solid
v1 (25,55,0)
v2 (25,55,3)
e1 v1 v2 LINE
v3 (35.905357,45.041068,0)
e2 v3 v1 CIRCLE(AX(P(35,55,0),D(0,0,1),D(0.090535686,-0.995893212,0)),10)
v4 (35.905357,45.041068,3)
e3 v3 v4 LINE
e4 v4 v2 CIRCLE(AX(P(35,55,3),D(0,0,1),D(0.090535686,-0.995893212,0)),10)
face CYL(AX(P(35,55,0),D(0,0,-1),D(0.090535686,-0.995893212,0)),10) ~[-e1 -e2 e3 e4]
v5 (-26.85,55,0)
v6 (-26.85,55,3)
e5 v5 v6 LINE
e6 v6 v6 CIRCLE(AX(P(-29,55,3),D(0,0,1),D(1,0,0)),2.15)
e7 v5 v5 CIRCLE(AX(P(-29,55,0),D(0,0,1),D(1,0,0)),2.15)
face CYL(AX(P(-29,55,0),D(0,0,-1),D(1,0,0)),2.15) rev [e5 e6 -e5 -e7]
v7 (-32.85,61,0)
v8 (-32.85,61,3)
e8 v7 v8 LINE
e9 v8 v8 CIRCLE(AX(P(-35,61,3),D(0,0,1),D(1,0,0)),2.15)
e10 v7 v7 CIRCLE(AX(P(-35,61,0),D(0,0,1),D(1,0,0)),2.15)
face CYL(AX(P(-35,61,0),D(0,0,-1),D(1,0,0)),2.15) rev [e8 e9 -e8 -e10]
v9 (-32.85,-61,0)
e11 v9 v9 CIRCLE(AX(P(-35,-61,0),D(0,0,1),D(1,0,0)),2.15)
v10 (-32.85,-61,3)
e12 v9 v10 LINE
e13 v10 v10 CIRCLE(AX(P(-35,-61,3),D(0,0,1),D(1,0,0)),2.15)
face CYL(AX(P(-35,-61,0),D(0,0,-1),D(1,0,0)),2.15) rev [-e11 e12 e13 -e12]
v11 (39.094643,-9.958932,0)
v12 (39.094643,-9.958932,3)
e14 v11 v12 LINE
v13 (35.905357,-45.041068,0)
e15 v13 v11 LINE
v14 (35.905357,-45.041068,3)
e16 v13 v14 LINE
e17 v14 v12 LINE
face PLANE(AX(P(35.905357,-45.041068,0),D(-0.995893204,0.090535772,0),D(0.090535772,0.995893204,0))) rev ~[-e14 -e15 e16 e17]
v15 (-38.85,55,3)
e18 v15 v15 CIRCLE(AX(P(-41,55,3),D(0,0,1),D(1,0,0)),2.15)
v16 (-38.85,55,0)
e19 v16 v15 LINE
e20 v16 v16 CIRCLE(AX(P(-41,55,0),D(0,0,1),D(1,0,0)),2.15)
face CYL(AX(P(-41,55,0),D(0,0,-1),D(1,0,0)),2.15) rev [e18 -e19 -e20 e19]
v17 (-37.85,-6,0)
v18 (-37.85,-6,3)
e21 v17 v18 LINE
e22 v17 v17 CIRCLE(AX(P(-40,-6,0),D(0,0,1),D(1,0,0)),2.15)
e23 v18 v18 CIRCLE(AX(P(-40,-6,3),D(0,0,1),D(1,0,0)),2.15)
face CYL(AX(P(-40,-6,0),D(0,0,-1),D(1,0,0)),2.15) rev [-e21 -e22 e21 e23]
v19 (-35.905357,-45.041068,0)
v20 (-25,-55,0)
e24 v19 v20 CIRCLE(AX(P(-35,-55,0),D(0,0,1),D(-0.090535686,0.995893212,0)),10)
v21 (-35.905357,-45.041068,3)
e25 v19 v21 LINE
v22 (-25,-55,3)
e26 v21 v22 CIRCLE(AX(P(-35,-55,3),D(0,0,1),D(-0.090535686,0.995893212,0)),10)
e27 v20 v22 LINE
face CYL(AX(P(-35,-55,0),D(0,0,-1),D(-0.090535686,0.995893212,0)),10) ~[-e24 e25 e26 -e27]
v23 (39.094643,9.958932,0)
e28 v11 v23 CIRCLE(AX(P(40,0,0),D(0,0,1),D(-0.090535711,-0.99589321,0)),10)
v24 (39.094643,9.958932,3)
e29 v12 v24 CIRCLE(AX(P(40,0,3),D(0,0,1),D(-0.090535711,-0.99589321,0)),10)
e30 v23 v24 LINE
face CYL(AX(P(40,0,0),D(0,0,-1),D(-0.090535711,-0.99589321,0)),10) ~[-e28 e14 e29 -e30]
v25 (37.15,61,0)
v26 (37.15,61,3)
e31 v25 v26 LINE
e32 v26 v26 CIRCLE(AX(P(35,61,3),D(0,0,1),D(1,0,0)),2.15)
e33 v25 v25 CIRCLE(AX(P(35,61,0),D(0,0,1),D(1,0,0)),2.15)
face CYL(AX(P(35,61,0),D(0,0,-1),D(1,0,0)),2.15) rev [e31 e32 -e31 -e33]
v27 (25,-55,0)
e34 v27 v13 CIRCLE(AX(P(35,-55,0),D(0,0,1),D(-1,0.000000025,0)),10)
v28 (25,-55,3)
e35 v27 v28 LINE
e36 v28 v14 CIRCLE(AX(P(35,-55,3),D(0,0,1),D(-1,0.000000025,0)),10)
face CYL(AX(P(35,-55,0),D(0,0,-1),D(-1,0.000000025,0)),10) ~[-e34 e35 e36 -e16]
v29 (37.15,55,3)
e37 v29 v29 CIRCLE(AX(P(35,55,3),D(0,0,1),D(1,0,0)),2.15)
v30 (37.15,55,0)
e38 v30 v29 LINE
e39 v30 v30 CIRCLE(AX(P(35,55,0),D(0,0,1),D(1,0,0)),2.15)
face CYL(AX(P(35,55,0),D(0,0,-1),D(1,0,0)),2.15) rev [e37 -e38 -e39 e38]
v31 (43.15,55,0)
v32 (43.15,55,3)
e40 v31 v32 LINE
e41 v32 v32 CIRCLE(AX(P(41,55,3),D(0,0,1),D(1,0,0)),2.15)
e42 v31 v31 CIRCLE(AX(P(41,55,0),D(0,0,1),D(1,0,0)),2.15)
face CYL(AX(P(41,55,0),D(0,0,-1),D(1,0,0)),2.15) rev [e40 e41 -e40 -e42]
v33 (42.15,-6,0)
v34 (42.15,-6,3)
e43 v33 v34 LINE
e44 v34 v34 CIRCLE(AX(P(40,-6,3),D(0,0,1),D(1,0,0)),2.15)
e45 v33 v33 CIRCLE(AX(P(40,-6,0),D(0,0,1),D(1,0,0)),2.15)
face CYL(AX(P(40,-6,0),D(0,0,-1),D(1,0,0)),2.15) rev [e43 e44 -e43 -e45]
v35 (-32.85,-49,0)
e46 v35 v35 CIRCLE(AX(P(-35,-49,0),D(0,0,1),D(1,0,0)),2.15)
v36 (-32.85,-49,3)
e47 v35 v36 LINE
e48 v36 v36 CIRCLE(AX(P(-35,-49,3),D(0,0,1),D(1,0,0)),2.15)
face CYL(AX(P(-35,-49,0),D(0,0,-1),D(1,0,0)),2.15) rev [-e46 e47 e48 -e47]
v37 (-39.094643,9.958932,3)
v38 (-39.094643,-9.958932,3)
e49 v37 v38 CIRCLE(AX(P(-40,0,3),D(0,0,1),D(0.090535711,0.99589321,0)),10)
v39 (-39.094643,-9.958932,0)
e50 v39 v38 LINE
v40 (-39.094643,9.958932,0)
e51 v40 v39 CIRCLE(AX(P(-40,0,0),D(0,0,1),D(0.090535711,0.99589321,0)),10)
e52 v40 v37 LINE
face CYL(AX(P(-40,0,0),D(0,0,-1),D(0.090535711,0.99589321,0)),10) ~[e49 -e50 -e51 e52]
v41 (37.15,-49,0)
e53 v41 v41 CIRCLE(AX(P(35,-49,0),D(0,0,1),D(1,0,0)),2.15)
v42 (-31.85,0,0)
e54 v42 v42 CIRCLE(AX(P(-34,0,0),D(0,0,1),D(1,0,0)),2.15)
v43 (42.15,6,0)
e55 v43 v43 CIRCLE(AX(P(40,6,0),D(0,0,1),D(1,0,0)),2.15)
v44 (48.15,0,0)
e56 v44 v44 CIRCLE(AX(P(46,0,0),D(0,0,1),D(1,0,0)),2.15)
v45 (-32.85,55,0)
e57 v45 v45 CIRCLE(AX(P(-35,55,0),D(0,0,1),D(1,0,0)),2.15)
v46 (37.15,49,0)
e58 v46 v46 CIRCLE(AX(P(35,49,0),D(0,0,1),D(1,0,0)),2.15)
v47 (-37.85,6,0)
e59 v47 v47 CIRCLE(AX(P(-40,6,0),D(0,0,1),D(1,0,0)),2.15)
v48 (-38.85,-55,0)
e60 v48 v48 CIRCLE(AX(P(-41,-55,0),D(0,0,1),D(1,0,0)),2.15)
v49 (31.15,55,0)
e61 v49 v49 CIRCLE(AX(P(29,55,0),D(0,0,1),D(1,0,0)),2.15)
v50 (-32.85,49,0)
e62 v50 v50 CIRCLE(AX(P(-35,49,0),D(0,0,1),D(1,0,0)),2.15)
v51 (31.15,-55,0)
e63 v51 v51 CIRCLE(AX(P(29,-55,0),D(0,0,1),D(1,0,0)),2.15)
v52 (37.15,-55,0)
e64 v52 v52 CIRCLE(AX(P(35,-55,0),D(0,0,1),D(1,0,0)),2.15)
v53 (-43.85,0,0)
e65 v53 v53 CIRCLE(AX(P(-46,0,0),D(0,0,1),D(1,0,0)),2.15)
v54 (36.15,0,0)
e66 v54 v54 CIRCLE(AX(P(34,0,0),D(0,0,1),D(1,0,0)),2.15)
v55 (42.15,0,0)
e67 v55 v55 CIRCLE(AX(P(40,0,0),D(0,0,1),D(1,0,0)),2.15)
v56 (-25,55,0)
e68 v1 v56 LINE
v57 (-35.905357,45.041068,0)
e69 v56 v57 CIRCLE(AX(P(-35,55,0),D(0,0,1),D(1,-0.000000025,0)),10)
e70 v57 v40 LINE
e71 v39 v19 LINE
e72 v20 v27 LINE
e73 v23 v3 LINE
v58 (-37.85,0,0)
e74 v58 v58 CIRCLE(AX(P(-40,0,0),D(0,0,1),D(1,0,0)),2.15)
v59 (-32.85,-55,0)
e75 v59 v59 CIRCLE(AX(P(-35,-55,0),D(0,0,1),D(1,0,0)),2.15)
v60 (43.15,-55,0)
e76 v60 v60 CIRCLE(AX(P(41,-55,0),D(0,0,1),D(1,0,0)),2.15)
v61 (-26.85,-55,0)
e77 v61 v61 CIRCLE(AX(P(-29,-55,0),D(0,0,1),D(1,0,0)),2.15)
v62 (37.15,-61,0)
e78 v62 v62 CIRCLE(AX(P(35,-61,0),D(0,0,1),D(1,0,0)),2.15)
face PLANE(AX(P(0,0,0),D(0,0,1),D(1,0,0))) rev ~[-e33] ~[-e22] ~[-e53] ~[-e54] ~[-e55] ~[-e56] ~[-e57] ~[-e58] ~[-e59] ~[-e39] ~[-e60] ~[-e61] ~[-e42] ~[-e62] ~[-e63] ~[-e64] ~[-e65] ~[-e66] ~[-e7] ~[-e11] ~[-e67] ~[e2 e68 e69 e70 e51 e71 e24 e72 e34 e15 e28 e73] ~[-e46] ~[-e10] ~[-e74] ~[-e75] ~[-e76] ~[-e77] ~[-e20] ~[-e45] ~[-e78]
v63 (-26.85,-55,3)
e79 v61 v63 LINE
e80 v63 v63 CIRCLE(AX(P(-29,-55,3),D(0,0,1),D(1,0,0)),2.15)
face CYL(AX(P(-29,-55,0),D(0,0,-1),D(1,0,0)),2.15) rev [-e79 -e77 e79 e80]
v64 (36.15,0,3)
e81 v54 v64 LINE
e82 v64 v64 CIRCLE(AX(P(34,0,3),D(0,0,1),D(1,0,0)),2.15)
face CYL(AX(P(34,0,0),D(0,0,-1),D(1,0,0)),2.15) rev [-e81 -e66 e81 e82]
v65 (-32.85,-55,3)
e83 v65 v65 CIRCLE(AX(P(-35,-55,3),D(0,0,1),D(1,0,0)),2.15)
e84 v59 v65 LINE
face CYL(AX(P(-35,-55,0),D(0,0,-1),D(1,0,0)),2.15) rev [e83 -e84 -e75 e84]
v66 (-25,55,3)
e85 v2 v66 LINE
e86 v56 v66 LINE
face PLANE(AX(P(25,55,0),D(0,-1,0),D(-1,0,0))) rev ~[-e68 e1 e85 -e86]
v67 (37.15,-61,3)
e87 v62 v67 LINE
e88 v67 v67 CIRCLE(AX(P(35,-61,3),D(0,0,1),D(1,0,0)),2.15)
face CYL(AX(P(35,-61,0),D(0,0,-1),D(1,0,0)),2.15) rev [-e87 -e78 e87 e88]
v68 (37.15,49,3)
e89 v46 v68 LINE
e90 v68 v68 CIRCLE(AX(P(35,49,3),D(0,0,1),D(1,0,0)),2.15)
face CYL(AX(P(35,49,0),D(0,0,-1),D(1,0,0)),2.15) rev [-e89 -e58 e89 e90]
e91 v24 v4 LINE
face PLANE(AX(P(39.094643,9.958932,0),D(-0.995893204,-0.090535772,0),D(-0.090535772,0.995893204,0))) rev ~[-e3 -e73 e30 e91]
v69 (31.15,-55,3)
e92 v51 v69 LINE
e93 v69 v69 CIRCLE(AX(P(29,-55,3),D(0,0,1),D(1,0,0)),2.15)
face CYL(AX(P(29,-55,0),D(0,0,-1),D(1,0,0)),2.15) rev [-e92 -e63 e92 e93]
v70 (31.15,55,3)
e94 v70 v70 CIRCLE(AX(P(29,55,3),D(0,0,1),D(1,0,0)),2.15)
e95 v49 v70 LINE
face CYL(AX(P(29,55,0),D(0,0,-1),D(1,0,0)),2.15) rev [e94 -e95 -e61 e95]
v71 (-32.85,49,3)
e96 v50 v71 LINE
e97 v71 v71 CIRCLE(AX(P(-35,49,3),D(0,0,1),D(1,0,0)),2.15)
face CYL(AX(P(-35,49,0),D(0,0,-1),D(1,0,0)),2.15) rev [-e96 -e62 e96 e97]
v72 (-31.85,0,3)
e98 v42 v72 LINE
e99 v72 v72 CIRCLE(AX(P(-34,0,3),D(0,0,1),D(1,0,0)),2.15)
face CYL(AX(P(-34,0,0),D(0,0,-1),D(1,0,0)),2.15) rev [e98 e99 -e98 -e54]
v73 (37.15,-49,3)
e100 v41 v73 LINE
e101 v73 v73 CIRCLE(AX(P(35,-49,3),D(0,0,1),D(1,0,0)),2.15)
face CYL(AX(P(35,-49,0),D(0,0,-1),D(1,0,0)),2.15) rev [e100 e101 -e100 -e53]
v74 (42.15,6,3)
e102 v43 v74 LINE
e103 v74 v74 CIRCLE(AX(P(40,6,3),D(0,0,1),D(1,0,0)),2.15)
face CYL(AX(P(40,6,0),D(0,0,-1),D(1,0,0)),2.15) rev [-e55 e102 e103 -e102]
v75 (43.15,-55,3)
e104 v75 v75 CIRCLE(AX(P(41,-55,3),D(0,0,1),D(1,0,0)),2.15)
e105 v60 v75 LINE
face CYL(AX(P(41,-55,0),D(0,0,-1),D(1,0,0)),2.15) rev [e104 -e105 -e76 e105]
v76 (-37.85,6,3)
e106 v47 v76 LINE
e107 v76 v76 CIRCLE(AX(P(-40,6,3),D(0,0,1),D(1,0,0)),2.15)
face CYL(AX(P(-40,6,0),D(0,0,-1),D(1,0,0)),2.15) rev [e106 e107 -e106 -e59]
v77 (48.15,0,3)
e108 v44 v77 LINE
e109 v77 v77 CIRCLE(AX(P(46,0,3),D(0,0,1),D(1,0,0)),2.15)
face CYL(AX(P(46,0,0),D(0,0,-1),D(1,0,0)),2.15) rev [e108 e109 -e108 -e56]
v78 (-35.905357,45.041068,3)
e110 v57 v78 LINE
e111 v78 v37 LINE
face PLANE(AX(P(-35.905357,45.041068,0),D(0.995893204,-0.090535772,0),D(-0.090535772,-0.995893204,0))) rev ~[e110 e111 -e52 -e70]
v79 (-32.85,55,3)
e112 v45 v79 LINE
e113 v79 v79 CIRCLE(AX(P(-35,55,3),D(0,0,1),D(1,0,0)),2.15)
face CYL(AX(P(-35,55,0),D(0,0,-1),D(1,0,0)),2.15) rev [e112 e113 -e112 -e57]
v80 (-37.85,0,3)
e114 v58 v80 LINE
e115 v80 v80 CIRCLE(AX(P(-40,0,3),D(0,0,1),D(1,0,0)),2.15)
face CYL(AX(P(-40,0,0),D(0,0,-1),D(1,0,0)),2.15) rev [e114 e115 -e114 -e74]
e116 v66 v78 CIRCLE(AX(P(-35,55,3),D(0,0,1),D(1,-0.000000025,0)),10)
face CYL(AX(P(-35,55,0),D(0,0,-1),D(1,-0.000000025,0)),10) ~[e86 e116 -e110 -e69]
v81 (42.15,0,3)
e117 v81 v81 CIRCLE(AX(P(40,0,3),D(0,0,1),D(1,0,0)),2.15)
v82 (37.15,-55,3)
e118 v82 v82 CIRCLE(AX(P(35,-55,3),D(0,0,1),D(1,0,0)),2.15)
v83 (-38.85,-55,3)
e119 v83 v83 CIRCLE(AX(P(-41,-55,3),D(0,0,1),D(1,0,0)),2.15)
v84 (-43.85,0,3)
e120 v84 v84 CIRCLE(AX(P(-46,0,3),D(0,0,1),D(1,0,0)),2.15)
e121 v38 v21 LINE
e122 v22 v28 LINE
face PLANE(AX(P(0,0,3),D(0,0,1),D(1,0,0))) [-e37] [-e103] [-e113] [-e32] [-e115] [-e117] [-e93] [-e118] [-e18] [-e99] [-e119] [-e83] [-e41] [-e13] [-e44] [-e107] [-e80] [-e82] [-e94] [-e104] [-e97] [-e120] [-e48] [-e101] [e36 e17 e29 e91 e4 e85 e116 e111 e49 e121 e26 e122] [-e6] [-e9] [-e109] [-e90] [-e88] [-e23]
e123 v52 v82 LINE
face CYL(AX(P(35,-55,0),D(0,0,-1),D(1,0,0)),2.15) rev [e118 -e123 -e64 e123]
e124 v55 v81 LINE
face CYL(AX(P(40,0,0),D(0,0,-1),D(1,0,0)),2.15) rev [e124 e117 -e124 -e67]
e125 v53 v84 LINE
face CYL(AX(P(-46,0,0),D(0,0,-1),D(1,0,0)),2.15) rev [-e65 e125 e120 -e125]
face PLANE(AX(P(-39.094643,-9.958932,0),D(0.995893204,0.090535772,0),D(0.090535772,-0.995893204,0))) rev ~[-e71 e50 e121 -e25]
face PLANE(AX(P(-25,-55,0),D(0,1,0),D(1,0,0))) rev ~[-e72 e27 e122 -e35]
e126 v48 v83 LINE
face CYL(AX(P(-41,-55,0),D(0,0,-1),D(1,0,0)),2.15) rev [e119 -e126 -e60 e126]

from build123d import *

# Parameters (mm, degrees)
F0_R     = 2.15
F1_DEPTH = 3


with BuildPart() as f1:
    # F0 (on Top) → F1 (new body)
    with BuildSketch(Plane.XY):
        with BuildLine():
            Line((25, 55), (-25, 55))
            ThreePointArc((-25, 55), (-41.743383, 62.384226), (-35.905357, 45.041068))
            Line((-35.905357, 45.041068), (-39.094643, 9.958932))
            ThreePointArc((-39.094643, 9.958932), (-50, 0), (-39.094643, -9.958932))
            Line((-39.094643, -9.958932), (-35.905357, -45.041068))
            ThreePointArc((-35.905357, -45.041068), (-41.743383, -62.384226), (-25, -55))
            Line((-25, -55), (25, -55))
            ThreePointArc((25, -55), (41.743383, -62.384226), (35.905357, -45.041068))
            Line((35.905357, -45.041068), (39.094643, -9.958932))
            ThreePointArc((39.094643, -9.958932), (50, 0), (39.094643, 9.958932))
            Line((39.094643, 9.958932), (35.905357, 45.041068))
            ThreePointArc((35.905357, 45.041068), (41.743383, 62.384226), (25, 55))
        make_face()
        with Locations((-41, -55)):
            Circle(F0_R, mode=Mode.SUBTRACT)
        with Locations((-35, -61)):
            Circle(F0_R, mode=Mode.SUBTRACT)
        with Locations((-35, -55)):
            Circle(F0_R, mode=Mode.SUBTRACT)
        with Locations((-35, -49)):
            Circle(F0_R, mode=Mode.SUBTRACT)
        with Locations((-29, -55)):
            Circle(F0_R, mode=Mode.SUBTRACT)
        with Locations((-40, -6)):
            Circle(F0_R, mode=Mode.SUBTRACT)
        with Locations((35, -61)):
            Circle(F0_R, mode=Mode.SUBTRACT)
        with Locations((29, -55)):
            Circle(F0_R, mode=Mode.SUBTRACT)
        with Locations((35, -55)):
            Circle(F0_R, mode=Mode.SUBTRACT)
        with Locations((35, -49)):
            Circle(F0_R, mode=Mode.SUBTRACT)
        with Locations((41, -55)):
            Circle(F0_R, mode=Mode.SUBTRACT)
        with Locations((40, -6)):
            Circle(F0_R, mode=Mode.SUBTRACT)
        with Locations((-46, 0)):
            Circle(F0_R, mode=Mode.SUBTRACT)
        with Locations((-40, 0)):
            Circle(F0_R, mode=Mode.SUBTRACT)
        with Locations((-40, 6)):
            Circle(F0_R, mode=Mode.SUBTRACT)
        with Locations((-34, 0)):
            Circle(F0_R, mode=Mode.SUBTRACT)
        with Locations((-41, 55)):
            Circle(F0_R, mode=Mode.SUBTRACT)
        with Locations((-35, 49)):
            Circle(F0_R, mode=Mode.SUBTRACT)
        with Locations((-35, 55)):
            Circle(F0_R, mode=Mode.SUBTRACT)
        with Locations((-29, 55)):
            Circle(F0_R, mode=Mode.SUBTRACT)
        with Locations((-35, 61)):
            Circle(F0_R, mode=Mode.SUBTRACT)
        with Locations((34, 0)):
            Circle(F0_R, mode=Mode.SUBTRACT)
        with Locations((40, 0)):
            Circle(F0_R, mode=Mode.SUBTRACT)
        with Locations((40, 6)):
            Circle(F0_R, mode=Mode.SUBTRACT)
        with Locations((46, 0)):
            Circle(F0_R, mode=Mode.SUBTRACT)
        with Locations((29, 55)):
            Circle(F0_R, mode=Mode.SUBTRACT)
        with Locations((35, 49)):
            Circle(F0_R, mode=Mode.SUBTRACT)
        with Locations((35, 55)):
            Circle(F0_R, mode=Mode.SUBTRACT)
        with Locations((35, 61)):
            Circle(F0_R, mode=Mode.SUBTRACT)
        with Locations((41, 55)):
            Circle(F0_R, mode=Mode.SUBTRACT)
    extrude(amount=F1_DEPTH)


solid = f1.part
